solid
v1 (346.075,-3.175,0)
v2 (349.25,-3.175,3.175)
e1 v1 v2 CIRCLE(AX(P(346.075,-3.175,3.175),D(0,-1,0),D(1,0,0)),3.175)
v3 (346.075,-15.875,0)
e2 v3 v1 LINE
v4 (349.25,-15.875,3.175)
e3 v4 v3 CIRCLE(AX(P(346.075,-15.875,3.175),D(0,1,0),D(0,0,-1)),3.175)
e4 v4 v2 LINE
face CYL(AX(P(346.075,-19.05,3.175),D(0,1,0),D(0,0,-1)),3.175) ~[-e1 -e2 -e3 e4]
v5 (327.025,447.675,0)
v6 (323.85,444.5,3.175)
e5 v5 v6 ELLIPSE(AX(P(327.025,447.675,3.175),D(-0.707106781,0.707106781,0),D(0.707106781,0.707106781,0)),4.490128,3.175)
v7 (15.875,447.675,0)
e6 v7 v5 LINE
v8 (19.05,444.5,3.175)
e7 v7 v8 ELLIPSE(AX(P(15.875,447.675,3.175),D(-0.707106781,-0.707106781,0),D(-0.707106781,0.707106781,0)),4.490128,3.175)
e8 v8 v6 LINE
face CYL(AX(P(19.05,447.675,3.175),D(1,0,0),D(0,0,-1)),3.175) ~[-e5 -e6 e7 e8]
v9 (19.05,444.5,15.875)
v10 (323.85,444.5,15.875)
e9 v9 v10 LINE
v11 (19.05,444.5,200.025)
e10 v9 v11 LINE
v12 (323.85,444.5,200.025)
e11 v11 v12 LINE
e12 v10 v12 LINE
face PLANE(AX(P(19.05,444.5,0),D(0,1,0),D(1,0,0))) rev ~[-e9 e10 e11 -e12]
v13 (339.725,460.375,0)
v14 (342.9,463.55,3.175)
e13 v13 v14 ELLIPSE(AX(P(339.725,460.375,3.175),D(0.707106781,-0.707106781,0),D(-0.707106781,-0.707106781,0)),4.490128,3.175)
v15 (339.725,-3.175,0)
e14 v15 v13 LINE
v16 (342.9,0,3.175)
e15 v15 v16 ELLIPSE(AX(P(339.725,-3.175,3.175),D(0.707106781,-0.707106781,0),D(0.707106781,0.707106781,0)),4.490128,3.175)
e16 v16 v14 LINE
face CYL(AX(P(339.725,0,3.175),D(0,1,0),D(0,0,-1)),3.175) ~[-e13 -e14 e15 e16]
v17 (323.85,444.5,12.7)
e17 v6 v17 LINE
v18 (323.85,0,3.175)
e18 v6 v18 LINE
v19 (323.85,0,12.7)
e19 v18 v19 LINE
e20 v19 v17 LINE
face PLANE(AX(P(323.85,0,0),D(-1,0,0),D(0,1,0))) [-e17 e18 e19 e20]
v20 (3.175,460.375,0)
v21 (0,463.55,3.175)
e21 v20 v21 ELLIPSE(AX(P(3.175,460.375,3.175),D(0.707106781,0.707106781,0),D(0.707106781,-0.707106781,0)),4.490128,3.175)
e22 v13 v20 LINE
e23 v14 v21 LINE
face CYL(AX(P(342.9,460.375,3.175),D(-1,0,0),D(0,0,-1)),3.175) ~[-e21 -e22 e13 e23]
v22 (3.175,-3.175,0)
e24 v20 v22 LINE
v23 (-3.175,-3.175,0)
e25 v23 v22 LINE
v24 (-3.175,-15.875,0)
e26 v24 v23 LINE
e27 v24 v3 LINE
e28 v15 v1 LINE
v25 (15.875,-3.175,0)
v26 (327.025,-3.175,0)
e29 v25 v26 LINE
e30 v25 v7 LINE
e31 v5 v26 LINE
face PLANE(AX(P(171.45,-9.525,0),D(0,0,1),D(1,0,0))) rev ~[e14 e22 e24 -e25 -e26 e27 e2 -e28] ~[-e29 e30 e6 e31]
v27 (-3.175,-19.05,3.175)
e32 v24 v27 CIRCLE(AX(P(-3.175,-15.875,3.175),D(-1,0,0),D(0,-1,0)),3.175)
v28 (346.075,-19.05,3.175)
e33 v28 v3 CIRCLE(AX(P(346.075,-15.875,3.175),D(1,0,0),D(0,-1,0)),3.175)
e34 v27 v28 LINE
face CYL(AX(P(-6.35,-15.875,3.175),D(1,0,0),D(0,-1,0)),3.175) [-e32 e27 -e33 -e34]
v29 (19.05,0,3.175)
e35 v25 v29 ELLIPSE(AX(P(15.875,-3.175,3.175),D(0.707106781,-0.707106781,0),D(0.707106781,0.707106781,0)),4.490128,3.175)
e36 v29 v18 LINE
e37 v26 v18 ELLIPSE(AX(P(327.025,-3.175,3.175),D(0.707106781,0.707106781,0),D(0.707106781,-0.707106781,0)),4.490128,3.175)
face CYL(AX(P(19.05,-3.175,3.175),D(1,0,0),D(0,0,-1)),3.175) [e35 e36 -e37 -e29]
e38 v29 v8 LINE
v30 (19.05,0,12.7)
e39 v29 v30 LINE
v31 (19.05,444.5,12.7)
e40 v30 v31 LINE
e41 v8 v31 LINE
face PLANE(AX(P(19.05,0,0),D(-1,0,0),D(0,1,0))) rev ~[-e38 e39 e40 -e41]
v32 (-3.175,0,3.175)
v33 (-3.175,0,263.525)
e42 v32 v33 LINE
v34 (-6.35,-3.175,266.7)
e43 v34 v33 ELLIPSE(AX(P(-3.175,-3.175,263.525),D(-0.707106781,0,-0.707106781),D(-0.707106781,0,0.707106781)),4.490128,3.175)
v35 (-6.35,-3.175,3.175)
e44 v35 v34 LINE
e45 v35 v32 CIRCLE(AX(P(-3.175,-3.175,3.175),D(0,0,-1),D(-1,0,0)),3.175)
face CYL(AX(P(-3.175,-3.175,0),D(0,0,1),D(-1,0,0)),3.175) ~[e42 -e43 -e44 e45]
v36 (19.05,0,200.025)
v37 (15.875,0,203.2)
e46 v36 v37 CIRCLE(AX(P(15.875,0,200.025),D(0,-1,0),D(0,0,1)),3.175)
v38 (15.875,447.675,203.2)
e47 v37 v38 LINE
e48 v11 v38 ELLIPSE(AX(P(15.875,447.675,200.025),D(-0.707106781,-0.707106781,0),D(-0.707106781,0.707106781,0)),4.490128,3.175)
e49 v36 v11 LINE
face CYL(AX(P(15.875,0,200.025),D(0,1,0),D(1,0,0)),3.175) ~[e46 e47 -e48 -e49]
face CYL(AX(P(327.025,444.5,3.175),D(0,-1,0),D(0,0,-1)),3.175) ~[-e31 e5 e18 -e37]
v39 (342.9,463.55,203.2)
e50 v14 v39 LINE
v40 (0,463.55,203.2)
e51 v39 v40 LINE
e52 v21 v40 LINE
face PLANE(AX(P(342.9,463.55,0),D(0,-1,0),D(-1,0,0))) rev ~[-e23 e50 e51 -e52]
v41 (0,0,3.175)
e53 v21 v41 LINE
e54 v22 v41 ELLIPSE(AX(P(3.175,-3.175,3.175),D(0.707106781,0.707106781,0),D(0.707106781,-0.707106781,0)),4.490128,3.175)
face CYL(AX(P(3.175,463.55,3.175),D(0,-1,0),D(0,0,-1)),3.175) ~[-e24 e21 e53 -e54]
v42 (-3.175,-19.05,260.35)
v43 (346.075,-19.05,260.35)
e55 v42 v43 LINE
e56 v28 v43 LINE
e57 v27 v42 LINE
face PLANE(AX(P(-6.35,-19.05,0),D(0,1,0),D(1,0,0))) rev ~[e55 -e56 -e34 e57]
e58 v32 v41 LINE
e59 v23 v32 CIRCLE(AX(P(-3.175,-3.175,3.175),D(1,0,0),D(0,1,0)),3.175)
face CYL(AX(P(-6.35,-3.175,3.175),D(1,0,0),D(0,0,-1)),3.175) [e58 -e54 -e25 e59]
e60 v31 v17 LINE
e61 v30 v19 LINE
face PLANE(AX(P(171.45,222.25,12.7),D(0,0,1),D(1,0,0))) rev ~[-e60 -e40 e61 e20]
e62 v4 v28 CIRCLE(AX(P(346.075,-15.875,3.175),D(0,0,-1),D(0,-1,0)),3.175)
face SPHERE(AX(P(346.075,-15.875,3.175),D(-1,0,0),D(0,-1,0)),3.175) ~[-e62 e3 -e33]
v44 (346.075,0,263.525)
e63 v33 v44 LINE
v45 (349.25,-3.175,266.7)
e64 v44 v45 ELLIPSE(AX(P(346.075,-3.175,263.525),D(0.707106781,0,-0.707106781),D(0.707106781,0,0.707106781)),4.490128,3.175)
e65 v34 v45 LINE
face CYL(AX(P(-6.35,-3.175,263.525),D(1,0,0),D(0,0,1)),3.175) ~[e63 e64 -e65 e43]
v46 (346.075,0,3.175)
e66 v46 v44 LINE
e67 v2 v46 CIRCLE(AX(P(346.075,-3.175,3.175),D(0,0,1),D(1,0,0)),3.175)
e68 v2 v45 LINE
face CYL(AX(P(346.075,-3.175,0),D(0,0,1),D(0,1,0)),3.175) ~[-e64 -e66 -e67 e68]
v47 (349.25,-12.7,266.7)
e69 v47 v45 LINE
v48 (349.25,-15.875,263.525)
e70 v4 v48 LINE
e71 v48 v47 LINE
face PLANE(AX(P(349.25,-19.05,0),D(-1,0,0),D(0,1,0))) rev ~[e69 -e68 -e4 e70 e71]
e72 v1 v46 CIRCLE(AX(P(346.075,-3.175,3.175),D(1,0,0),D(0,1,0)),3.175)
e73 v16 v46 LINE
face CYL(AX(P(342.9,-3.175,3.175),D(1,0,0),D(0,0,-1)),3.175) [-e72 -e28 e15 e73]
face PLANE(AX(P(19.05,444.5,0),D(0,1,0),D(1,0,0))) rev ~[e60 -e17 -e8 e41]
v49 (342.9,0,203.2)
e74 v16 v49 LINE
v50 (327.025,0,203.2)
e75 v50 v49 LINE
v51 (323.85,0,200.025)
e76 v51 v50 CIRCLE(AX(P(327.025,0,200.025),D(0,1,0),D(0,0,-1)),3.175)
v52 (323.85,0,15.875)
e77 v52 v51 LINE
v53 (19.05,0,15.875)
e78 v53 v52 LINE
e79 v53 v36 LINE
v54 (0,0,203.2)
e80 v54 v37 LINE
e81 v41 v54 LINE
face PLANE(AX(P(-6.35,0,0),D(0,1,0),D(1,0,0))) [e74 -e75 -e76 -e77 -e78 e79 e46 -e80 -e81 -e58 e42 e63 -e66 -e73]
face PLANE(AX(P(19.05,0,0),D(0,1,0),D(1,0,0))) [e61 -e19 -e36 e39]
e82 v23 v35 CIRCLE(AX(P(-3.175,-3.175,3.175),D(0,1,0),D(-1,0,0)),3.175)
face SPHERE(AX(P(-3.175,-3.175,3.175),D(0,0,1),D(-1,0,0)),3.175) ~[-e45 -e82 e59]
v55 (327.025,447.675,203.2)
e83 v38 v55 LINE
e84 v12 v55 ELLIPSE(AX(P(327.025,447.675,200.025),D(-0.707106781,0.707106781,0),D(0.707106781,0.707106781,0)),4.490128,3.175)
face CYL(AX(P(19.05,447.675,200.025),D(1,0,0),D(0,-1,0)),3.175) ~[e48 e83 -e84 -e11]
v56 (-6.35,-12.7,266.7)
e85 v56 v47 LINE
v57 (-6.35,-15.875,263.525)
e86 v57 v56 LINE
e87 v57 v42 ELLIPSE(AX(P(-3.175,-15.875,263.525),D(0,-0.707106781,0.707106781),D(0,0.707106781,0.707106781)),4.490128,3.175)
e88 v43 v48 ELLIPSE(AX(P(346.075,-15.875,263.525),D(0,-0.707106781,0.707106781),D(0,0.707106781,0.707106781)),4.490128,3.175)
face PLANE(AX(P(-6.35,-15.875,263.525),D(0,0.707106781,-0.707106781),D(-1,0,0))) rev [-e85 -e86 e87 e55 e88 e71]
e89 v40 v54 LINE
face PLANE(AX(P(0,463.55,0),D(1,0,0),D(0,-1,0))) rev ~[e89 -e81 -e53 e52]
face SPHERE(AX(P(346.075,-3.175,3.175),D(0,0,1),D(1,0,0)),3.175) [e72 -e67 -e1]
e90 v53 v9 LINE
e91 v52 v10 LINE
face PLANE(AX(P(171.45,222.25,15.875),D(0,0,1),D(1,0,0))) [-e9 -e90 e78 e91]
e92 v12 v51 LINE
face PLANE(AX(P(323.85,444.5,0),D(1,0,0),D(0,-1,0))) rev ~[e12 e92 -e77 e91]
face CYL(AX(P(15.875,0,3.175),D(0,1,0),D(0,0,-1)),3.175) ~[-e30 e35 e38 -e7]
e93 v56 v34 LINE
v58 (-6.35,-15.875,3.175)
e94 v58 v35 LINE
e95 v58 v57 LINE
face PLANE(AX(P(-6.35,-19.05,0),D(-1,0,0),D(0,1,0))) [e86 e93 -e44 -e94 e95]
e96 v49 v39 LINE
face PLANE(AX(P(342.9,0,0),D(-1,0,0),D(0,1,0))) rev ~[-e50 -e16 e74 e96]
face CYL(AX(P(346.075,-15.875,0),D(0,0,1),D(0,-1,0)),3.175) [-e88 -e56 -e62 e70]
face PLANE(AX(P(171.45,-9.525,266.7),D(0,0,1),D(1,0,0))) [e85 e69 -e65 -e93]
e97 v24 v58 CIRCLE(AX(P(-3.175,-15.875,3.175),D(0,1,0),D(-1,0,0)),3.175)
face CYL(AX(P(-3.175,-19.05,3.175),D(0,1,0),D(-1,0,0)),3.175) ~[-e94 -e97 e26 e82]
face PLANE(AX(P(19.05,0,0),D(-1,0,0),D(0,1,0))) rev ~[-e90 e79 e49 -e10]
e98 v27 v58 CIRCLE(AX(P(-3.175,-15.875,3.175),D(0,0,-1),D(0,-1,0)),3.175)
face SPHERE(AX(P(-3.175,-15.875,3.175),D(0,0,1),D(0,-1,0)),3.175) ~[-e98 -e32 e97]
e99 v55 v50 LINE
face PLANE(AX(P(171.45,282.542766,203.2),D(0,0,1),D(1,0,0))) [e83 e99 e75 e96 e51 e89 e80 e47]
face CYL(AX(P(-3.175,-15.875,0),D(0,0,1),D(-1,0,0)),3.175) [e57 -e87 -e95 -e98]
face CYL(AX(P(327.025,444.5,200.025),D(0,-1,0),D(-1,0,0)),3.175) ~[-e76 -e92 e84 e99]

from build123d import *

# Parameters (mm, degrees)
F1_DEPTH = 203.2
F2_W     = 355.6
F2_H     = 19.05
F3_DEPTH = 266.7
F4_SIZE  = 6.35
F5_R     = 3.175
F6_W     = 304.8
F6_H     = 444.5
F7_DEPTH = 15.875
F8_DEPTH = 12.7


with BuildPart() as f1:
    # F0 (on Top) → F1 (new body)
    with BuildSketch(Plane.XY):
        Polygon((0, 463.55), (0, 0), (19.05, 0), (19.05, 444.5), (323.85, 444.5), (323.85, 0), (342.9, 0), (342.9, 463.55), align=None)
    extrude(amount=F1_DEPTH)

    # F2 (on Top) → F3 (join)
    with BuildSketch(Plane.XY):
        with Locations((171.45, -9.525)):
            Rectangle(F2_W, F2_H)
    extrude(amount=F3_DEPTH)

    # F4
    f4_edges = [f1.edges().sort_by_distance(p)[0] for p in [
        (171.45, -19.05, 266.7),
    ]]
    chamfer(f4_edges, length=F4_SIZE)

    # F5
    f5_edges = [f1.edges().sort_by_distance(p)[0] for p in [
        (-6.35, -19.05, 130.175),
        (-6.35, 0, 133.35),
        (171.45, 0, 0),
        (171.45, -19.05, 0),
        (0, 231.775, 0),
        (19.05, 222.25, 0),
        (171.45, 463.55, 0),
        (171.45, 444.5, 0),
        (323.85, 222.25, 0),
        (342.9, 231.775, 0),
        (349.25, 0, 133.35),
        (349.25, -19.05, 130.175),
        (19.05, 222.25, 203.2),
        (171.45, 444.5, 203.2),
        (323.85, 222.25, 203.2),
        (-6.35, -9.525, 0),
        (349.25, -9.525, 0),
        (346.075, 0, 0),
        (-3.175, 0, 0),
        (171.45, 0, 266.7),
    ]]
    fillet(f5_edges, radius=F5_R)

    # F6 (on Top) → F7 (join)
    with BuildSketch(Plane.XY):
        with Locations((171.45, 222.25)):
            Rectangle(F6_W, F6_H)
    extrude(amount=F7_DEPTH)

    # F6 (on Top) → F8 (cut)
    with BuildSketch(Plane.XY):
        with Locations((171.45, 222.25)):
            Rectangle(F6_W, F6_H)
    extrude(amount=F8_DEPTH, mode=Mode.SUBTRACT)


solid = f1.part
